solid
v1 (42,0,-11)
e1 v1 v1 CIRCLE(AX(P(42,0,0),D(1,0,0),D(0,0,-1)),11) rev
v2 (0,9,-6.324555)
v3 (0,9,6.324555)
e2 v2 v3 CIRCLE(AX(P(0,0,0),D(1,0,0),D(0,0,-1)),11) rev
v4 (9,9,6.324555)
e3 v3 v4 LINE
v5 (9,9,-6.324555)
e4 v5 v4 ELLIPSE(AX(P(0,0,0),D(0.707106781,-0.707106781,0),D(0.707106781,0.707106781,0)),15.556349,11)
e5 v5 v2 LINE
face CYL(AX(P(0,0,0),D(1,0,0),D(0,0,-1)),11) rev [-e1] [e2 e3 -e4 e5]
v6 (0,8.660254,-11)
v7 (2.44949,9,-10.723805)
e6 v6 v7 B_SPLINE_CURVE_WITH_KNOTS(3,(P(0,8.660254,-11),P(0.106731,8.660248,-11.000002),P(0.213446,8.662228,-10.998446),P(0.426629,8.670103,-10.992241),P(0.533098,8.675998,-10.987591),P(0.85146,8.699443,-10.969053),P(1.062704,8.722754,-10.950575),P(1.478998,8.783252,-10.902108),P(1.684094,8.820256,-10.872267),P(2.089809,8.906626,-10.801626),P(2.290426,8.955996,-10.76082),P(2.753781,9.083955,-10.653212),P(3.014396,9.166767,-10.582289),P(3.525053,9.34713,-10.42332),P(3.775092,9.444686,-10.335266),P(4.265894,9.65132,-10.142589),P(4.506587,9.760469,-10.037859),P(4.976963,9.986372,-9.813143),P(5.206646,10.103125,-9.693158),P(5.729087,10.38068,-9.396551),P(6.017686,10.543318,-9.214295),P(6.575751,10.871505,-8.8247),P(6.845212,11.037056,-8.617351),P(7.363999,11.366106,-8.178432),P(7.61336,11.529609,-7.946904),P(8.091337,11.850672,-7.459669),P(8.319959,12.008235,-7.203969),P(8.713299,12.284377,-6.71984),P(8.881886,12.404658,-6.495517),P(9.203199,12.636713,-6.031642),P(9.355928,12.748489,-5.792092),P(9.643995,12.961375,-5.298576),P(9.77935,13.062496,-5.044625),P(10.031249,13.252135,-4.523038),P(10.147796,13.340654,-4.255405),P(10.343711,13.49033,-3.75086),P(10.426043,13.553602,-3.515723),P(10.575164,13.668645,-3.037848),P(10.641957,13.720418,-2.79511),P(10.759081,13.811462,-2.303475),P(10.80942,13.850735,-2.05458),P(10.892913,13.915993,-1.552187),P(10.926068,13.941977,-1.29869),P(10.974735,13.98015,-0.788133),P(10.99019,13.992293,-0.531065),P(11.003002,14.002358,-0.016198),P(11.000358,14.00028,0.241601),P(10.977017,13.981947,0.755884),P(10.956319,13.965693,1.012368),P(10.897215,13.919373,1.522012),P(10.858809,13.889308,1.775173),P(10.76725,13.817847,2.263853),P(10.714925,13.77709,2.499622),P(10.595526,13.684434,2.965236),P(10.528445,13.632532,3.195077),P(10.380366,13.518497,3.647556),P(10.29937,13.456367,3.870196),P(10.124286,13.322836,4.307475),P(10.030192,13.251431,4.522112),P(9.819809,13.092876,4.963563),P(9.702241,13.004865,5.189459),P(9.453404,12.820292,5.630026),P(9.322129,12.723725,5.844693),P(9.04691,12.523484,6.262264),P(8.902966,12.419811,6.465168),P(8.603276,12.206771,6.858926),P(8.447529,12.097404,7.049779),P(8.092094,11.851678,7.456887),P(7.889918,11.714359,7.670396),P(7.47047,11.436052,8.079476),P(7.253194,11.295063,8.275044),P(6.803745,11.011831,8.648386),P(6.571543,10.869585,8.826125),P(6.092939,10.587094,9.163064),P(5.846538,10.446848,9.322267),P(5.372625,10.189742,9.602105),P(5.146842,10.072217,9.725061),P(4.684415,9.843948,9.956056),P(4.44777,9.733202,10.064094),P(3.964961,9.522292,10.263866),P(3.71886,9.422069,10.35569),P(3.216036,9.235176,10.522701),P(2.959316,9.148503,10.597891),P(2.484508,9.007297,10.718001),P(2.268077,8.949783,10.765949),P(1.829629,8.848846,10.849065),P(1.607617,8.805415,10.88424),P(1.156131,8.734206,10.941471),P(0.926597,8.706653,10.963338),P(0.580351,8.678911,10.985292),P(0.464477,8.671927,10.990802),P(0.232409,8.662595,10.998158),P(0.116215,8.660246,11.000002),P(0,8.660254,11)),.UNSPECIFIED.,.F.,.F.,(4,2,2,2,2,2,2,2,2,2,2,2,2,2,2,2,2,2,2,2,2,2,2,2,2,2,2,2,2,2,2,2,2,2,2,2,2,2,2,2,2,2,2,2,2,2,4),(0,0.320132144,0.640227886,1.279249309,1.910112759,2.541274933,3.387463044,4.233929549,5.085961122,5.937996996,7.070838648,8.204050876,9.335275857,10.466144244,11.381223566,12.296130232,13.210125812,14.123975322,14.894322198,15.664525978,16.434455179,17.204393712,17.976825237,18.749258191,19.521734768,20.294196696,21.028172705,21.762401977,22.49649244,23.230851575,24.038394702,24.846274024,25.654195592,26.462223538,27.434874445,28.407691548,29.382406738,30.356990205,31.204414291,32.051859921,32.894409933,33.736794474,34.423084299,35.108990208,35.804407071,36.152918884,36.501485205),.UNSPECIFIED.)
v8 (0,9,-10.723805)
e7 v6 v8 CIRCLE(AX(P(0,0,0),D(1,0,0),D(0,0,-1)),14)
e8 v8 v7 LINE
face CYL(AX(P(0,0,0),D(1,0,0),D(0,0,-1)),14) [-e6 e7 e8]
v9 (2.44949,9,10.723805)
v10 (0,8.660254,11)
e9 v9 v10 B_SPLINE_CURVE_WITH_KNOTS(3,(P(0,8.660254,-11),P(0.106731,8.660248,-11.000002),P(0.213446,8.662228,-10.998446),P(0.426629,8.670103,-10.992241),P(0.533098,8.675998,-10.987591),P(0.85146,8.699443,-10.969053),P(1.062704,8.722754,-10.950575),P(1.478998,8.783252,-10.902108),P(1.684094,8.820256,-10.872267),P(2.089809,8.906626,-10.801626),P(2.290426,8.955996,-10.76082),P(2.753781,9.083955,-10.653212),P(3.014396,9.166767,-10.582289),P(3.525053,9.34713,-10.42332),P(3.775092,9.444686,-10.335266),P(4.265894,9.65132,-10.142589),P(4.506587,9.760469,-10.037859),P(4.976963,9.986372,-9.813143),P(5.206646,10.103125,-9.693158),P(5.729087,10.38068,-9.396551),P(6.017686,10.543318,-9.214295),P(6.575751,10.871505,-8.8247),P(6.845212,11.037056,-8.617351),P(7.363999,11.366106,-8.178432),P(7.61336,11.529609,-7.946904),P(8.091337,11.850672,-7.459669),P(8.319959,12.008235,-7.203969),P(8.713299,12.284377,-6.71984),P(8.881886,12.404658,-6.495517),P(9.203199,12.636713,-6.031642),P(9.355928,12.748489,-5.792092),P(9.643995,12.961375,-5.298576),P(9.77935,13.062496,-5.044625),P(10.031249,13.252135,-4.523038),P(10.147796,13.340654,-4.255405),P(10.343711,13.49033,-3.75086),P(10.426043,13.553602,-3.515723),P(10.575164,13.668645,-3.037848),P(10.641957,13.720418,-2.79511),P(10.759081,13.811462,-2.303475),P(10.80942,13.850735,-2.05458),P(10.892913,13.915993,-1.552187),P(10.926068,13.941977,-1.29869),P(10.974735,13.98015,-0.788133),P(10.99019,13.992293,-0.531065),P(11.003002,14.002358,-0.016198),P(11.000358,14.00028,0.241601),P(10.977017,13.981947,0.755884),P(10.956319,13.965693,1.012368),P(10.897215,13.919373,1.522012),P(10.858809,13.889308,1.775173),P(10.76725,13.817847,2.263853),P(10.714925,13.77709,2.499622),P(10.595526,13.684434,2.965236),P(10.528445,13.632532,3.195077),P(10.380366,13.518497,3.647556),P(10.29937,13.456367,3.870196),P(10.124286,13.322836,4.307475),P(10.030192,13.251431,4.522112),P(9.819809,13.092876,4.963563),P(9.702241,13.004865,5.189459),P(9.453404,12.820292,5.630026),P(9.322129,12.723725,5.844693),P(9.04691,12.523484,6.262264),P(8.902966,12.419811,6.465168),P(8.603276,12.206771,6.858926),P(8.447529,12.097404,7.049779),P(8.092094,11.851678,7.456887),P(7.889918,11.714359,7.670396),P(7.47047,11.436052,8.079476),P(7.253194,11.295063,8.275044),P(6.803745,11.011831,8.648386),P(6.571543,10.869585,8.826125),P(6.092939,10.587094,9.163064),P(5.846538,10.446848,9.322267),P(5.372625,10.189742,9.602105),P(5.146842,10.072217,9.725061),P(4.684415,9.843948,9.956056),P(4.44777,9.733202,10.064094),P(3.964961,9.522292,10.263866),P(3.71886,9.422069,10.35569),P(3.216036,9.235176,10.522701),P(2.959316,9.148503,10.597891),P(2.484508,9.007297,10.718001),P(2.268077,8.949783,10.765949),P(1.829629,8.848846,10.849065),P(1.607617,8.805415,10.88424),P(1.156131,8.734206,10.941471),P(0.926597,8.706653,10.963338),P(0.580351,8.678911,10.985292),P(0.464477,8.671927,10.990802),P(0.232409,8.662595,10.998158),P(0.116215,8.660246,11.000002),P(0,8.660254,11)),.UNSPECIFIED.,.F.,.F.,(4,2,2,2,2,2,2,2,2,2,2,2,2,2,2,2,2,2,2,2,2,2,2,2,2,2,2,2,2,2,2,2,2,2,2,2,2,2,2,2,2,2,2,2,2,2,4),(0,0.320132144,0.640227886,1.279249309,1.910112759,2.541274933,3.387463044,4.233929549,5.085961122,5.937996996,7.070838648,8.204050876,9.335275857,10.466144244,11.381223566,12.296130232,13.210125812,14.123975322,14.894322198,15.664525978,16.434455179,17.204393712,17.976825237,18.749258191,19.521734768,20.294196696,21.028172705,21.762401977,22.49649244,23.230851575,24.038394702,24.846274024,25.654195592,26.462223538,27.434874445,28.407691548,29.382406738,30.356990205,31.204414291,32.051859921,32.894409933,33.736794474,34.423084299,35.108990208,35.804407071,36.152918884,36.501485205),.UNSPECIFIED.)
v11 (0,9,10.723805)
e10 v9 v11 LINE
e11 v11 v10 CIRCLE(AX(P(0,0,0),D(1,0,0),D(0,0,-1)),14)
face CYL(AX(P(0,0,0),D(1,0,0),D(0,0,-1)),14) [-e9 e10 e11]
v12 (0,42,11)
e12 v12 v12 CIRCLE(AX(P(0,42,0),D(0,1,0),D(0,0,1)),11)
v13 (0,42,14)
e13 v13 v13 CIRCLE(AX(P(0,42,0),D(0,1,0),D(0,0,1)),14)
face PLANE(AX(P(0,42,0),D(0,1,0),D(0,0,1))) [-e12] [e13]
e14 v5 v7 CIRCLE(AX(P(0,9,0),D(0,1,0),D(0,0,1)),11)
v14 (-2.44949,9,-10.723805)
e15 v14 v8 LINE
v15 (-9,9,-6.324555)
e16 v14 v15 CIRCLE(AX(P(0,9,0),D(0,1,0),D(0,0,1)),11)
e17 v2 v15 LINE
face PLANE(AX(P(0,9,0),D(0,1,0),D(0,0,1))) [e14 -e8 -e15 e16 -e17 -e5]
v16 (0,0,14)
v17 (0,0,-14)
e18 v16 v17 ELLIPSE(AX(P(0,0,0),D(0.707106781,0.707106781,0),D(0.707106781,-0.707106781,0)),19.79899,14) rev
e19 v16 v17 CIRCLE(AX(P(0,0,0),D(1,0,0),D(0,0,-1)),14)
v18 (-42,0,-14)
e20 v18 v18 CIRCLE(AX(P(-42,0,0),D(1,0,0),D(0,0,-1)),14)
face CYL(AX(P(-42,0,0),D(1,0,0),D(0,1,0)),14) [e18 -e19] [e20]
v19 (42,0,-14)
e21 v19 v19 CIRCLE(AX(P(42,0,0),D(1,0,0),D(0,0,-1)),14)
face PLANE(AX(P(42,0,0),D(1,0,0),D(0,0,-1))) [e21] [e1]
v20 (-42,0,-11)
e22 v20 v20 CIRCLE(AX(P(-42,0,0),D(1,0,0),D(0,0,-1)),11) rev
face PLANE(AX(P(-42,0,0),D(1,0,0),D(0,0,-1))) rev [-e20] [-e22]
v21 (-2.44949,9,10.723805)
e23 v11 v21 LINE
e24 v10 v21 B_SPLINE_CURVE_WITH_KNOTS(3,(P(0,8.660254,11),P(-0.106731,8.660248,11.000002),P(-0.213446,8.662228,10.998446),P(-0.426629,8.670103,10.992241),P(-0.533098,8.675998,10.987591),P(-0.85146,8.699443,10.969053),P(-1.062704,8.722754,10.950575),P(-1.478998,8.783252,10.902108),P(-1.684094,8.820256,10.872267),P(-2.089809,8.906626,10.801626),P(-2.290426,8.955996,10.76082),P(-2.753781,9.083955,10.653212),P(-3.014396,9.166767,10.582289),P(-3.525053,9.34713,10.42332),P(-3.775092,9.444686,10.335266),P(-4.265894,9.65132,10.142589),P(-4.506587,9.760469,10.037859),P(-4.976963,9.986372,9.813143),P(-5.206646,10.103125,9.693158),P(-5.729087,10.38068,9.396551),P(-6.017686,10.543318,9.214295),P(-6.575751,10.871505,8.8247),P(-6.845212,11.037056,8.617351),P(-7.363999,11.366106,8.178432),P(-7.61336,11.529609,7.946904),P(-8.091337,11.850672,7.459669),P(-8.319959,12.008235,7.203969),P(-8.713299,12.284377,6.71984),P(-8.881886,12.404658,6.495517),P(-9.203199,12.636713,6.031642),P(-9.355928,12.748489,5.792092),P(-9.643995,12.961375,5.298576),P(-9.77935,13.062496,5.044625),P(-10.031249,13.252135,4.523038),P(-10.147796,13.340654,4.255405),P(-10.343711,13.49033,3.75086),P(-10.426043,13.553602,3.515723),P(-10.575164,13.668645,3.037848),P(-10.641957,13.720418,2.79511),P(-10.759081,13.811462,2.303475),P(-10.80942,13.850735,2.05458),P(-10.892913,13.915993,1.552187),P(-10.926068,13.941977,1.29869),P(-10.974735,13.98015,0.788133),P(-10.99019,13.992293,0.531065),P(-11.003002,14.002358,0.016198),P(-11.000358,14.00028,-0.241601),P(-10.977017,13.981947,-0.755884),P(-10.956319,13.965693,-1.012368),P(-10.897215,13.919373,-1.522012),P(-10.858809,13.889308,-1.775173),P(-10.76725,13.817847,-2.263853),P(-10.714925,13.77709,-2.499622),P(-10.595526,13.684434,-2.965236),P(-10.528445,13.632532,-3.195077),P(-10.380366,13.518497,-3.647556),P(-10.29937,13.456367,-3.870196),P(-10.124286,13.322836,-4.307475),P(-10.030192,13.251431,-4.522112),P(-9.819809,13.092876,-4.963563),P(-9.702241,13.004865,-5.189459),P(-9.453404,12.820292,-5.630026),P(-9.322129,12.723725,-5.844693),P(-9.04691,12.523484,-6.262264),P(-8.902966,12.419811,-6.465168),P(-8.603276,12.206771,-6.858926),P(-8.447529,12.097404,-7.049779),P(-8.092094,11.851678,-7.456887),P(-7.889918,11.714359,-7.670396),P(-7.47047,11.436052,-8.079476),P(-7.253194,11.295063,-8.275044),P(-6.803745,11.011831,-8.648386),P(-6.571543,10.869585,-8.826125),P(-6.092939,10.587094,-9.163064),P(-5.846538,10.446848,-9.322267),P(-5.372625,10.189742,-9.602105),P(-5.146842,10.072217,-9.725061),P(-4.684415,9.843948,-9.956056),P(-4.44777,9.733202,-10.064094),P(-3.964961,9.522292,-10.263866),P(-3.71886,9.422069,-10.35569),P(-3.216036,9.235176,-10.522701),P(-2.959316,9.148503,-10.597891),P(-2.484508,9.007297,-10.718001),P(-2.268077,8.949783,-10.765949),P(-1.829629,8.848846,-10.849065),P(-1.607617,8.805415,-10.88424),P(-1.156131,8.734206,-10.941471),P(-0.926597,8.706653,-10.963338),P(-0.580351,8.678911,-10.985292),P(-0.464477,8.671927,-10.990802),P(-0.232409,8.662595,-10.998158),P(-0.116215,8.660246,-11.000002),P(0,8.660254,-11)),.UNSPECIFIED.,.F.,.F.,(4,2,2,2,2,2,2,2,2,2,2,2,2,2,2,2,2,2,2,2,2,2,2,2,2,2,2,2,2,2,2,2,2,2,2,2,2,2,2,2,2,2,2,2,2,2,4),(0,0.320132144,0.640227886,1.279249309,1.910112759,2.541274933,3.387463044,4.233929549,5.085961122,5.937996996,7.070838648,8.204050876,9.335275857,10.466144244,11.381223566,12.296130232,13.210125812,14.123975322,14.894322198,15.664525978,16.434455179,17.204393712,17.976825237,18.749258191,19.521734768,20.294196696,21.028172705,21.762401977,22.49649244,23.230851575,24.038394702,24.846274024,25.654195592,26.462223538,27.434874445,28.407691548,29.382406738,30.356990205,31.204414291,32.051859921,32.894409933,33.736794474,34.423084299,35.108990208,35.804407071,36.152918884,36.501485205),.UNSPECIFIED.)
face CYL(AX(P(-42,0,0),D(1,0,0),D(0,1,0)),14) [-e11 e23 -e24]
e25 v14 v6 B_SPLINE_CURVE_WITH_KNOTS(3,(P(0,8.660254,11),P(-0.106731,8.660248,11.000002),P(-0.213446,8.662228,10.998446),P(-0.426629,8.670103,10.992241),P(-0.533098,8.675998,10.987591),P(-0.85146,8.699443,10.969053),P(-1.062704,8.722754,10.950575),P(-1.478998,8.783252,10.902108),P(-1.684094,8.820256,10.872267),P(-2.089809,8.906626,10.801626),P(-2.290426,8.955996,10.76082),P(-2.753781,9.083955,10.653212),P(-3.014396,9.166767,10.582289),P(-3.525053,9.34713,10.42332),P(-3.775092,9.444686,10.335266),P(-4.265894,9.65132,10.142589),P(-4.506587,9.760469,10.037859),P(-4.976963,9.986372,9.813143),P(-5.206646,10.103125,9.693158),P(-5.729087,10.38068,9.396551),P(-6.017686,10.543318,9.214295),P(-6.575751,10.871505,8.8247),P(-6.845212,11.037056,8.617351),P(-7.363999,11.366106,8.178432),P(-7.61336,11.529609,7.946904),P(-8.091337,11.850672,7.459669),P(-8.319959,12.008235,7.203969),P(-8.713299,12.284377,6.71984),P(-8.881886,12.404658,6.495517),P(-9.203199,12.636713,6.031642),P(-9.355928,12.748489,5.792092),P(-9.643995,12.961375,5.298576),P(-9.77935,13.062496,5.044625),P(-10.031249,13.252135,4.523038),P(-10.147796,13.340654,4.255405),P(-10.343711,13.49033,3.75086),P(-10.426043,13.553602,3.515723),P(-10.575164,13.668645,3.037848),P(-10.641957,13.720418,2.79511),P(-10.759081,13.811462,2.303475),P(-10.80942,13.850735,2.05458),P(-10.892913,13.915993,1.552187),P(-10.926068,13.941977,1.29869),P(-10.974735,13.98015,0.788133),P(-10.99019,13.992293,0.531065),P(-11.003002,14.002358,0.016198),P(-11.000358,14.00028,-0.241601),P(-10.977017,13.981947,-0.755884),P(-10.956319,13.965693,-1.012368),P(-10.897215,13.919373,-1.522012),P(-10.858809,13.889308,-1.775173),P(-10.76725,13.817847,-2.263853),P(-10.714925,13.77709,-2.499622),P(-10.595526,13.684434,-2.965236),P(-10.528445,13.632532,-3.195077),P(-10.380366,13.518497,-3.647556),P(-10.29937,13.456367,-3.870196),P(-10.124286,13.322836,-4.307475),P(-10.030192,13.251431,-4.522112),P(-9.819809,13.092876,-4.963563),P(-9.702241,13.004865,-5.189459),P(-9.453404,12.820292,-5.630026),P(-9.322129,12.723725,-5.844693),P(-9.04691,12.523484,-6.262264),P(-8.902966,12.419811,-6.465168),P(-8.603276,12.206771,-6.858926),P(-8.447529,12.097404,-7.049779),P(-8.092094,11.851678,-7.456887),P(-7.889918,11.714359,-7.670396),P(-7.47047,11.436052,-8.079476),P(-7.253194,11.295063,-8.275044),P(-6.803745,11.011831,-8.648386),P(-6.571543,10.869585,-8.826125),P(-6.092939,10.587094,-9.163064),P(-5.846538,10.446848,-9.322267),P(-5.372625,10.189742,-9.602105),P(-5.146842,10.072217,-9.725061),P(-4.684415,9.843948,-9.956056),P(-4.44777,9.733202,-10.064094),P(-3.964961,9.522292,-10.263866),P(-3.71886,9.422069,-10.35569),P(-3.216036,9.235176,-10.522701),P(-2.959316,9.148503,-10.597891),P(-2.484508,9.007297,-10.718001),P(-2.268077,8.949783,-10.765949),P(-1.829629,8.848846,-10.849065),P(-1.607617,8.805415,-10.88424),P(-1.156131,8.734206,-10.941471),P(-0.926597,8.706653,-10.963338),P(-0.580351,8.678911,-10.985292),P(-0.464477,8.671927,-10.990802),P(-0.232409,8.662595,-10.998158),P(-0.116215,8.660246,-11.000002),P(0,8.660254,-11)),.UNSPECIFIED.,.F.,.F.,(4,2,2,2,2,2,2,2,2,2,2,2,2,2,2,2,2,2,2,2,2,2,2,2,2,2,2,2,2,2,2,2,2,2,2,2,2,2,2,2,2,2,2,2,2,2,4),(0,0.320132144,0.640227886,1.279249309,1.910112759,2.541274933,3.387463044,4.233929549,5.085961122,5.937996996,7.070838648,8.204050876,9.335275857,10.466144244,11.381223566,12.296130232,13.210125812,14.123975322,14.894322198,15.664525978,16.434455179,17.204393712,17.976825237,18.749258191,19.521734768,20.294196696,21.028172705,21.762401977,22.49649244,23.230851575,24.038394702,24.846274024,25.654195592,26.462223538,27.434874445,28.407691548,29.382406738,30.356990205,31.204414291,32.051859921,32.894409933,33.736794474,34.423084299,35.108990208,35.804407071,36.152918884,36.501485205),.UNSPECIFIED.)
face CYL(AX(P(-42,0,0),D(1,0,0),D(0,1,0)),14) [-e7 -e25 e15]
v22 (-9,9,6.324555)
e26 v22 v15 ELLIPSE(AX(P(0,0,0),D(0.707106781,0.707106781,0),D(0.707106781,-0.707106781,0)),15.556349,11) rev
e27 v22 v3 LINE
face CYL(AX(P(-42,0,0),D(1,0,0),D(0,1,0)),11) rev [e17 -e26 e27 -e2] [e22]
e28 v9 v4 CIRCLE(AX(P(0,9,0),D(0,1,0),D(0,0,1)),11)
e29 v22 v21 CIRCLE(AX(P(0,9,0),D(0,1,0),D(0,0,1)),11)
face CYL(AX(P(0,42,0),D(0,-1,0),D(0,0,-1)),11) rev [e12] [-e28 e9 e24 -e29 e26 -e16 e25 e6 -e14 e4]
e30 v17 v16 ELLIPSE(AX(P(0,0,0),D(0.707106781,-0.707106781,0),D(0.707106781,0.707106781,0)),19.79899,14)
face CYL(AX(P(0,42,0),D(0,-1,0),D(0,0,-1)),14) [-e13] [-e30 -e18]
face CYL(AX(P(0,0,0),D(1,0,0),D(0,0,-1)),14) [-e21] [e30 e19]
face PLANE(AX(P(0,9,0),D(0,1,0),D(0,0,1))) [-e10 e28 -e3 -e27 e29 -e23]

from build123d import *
from build123d.topology import SkipClean

# Parameters (mm, degrees)
SKETCH3_R           = 14
SKETCH3_R_2         = 11
SKETCH5_R           = 14
SKETCH5_R_2         = 11
BOSS_EXTRUDE1_DEPTH = 42
CUT_EXTRUDE1_START  = -95
SKETCH6_R           = 11
CUT_EXTRUDE1_DEPTH  = 95
CUT_EXTRUDE2_START  = -33
SKETCH7_R           = 11
CUT_EXTRUDE2_DEPTH  = 33


with BuildPart() as part:
    # Sweep1: sweep along a path in Sketch1
    with BuildLine(Plane.XY) as sweep1_path:
        Line((42, 0), (0, 0))
        Line((0, 0), (-42, 0))
    # Sketch3 → Sweep1 (sweep)
    with BuildSketch(Plane(origin=(32, 0, 0), x_dir=(0, 0, -1), z_dir=(1, 0, 0))):
        Circle(SKETCH3_R)
        Circle(SKETCH3_R_2, mode=Mode.SUBTRACT)
    sweep(path=sweep1_path.line)

    # Sketch5 → Boss-Extrude1 (add)
    with BuildSketch(Plane(origin=(0, 0, 0), x_dir=(1, 0, 0), z_dir=(0, 1, 0))):
        with Locations(Location((0, 0, 0), (0, 0, 270))):
            Circle(SKETCH5_R)
        with Locations(Location((0, 0, 0), (0, 0, 270))):
            Circle(SKETCH5_R_2, mode=Mode.SUBTRACT)
    extrude(amount=BOSS_EXTRUDE1_DEPTH)

    # Sketch6 → Cut-Extrude1 (cut)
    with SkipClean():  # the faces are left unmerged after this step: merging them gives an invalid solid
        with BuildSketch(Plane(origin=(42, 0, 0), x_dir=(0, 0, -1), z_dir=(1, 0, 0)).offset(CUT_EXTRUDE1_START)):
            Circle(SKETCH6_R)
        extrude(amount=CUT_EXTRUDE1_DEPTH, mode=Mode.SUBTRACT)

    # Sketch7 → Cut-Extrude2 (cut)
    with SkipClean():  # the faces are left unmerged after this step: merging them gives an invalid solid
        with BuildSketch(Plane(origin=(0, 42, 0), x_dir=(1, 0, 0), z_dir=(0, 1, 0)).offset(CUT_EXTRUDE2_START)):
            with Locations(Location((0, 0, 0), (0, 0, 270))):
                Circle(SKETCH7_R)
        extrude(amount=CUT_EXTRUDE2_DEPTH, mode=Mode.SUBTRACT)


solid = part.part
